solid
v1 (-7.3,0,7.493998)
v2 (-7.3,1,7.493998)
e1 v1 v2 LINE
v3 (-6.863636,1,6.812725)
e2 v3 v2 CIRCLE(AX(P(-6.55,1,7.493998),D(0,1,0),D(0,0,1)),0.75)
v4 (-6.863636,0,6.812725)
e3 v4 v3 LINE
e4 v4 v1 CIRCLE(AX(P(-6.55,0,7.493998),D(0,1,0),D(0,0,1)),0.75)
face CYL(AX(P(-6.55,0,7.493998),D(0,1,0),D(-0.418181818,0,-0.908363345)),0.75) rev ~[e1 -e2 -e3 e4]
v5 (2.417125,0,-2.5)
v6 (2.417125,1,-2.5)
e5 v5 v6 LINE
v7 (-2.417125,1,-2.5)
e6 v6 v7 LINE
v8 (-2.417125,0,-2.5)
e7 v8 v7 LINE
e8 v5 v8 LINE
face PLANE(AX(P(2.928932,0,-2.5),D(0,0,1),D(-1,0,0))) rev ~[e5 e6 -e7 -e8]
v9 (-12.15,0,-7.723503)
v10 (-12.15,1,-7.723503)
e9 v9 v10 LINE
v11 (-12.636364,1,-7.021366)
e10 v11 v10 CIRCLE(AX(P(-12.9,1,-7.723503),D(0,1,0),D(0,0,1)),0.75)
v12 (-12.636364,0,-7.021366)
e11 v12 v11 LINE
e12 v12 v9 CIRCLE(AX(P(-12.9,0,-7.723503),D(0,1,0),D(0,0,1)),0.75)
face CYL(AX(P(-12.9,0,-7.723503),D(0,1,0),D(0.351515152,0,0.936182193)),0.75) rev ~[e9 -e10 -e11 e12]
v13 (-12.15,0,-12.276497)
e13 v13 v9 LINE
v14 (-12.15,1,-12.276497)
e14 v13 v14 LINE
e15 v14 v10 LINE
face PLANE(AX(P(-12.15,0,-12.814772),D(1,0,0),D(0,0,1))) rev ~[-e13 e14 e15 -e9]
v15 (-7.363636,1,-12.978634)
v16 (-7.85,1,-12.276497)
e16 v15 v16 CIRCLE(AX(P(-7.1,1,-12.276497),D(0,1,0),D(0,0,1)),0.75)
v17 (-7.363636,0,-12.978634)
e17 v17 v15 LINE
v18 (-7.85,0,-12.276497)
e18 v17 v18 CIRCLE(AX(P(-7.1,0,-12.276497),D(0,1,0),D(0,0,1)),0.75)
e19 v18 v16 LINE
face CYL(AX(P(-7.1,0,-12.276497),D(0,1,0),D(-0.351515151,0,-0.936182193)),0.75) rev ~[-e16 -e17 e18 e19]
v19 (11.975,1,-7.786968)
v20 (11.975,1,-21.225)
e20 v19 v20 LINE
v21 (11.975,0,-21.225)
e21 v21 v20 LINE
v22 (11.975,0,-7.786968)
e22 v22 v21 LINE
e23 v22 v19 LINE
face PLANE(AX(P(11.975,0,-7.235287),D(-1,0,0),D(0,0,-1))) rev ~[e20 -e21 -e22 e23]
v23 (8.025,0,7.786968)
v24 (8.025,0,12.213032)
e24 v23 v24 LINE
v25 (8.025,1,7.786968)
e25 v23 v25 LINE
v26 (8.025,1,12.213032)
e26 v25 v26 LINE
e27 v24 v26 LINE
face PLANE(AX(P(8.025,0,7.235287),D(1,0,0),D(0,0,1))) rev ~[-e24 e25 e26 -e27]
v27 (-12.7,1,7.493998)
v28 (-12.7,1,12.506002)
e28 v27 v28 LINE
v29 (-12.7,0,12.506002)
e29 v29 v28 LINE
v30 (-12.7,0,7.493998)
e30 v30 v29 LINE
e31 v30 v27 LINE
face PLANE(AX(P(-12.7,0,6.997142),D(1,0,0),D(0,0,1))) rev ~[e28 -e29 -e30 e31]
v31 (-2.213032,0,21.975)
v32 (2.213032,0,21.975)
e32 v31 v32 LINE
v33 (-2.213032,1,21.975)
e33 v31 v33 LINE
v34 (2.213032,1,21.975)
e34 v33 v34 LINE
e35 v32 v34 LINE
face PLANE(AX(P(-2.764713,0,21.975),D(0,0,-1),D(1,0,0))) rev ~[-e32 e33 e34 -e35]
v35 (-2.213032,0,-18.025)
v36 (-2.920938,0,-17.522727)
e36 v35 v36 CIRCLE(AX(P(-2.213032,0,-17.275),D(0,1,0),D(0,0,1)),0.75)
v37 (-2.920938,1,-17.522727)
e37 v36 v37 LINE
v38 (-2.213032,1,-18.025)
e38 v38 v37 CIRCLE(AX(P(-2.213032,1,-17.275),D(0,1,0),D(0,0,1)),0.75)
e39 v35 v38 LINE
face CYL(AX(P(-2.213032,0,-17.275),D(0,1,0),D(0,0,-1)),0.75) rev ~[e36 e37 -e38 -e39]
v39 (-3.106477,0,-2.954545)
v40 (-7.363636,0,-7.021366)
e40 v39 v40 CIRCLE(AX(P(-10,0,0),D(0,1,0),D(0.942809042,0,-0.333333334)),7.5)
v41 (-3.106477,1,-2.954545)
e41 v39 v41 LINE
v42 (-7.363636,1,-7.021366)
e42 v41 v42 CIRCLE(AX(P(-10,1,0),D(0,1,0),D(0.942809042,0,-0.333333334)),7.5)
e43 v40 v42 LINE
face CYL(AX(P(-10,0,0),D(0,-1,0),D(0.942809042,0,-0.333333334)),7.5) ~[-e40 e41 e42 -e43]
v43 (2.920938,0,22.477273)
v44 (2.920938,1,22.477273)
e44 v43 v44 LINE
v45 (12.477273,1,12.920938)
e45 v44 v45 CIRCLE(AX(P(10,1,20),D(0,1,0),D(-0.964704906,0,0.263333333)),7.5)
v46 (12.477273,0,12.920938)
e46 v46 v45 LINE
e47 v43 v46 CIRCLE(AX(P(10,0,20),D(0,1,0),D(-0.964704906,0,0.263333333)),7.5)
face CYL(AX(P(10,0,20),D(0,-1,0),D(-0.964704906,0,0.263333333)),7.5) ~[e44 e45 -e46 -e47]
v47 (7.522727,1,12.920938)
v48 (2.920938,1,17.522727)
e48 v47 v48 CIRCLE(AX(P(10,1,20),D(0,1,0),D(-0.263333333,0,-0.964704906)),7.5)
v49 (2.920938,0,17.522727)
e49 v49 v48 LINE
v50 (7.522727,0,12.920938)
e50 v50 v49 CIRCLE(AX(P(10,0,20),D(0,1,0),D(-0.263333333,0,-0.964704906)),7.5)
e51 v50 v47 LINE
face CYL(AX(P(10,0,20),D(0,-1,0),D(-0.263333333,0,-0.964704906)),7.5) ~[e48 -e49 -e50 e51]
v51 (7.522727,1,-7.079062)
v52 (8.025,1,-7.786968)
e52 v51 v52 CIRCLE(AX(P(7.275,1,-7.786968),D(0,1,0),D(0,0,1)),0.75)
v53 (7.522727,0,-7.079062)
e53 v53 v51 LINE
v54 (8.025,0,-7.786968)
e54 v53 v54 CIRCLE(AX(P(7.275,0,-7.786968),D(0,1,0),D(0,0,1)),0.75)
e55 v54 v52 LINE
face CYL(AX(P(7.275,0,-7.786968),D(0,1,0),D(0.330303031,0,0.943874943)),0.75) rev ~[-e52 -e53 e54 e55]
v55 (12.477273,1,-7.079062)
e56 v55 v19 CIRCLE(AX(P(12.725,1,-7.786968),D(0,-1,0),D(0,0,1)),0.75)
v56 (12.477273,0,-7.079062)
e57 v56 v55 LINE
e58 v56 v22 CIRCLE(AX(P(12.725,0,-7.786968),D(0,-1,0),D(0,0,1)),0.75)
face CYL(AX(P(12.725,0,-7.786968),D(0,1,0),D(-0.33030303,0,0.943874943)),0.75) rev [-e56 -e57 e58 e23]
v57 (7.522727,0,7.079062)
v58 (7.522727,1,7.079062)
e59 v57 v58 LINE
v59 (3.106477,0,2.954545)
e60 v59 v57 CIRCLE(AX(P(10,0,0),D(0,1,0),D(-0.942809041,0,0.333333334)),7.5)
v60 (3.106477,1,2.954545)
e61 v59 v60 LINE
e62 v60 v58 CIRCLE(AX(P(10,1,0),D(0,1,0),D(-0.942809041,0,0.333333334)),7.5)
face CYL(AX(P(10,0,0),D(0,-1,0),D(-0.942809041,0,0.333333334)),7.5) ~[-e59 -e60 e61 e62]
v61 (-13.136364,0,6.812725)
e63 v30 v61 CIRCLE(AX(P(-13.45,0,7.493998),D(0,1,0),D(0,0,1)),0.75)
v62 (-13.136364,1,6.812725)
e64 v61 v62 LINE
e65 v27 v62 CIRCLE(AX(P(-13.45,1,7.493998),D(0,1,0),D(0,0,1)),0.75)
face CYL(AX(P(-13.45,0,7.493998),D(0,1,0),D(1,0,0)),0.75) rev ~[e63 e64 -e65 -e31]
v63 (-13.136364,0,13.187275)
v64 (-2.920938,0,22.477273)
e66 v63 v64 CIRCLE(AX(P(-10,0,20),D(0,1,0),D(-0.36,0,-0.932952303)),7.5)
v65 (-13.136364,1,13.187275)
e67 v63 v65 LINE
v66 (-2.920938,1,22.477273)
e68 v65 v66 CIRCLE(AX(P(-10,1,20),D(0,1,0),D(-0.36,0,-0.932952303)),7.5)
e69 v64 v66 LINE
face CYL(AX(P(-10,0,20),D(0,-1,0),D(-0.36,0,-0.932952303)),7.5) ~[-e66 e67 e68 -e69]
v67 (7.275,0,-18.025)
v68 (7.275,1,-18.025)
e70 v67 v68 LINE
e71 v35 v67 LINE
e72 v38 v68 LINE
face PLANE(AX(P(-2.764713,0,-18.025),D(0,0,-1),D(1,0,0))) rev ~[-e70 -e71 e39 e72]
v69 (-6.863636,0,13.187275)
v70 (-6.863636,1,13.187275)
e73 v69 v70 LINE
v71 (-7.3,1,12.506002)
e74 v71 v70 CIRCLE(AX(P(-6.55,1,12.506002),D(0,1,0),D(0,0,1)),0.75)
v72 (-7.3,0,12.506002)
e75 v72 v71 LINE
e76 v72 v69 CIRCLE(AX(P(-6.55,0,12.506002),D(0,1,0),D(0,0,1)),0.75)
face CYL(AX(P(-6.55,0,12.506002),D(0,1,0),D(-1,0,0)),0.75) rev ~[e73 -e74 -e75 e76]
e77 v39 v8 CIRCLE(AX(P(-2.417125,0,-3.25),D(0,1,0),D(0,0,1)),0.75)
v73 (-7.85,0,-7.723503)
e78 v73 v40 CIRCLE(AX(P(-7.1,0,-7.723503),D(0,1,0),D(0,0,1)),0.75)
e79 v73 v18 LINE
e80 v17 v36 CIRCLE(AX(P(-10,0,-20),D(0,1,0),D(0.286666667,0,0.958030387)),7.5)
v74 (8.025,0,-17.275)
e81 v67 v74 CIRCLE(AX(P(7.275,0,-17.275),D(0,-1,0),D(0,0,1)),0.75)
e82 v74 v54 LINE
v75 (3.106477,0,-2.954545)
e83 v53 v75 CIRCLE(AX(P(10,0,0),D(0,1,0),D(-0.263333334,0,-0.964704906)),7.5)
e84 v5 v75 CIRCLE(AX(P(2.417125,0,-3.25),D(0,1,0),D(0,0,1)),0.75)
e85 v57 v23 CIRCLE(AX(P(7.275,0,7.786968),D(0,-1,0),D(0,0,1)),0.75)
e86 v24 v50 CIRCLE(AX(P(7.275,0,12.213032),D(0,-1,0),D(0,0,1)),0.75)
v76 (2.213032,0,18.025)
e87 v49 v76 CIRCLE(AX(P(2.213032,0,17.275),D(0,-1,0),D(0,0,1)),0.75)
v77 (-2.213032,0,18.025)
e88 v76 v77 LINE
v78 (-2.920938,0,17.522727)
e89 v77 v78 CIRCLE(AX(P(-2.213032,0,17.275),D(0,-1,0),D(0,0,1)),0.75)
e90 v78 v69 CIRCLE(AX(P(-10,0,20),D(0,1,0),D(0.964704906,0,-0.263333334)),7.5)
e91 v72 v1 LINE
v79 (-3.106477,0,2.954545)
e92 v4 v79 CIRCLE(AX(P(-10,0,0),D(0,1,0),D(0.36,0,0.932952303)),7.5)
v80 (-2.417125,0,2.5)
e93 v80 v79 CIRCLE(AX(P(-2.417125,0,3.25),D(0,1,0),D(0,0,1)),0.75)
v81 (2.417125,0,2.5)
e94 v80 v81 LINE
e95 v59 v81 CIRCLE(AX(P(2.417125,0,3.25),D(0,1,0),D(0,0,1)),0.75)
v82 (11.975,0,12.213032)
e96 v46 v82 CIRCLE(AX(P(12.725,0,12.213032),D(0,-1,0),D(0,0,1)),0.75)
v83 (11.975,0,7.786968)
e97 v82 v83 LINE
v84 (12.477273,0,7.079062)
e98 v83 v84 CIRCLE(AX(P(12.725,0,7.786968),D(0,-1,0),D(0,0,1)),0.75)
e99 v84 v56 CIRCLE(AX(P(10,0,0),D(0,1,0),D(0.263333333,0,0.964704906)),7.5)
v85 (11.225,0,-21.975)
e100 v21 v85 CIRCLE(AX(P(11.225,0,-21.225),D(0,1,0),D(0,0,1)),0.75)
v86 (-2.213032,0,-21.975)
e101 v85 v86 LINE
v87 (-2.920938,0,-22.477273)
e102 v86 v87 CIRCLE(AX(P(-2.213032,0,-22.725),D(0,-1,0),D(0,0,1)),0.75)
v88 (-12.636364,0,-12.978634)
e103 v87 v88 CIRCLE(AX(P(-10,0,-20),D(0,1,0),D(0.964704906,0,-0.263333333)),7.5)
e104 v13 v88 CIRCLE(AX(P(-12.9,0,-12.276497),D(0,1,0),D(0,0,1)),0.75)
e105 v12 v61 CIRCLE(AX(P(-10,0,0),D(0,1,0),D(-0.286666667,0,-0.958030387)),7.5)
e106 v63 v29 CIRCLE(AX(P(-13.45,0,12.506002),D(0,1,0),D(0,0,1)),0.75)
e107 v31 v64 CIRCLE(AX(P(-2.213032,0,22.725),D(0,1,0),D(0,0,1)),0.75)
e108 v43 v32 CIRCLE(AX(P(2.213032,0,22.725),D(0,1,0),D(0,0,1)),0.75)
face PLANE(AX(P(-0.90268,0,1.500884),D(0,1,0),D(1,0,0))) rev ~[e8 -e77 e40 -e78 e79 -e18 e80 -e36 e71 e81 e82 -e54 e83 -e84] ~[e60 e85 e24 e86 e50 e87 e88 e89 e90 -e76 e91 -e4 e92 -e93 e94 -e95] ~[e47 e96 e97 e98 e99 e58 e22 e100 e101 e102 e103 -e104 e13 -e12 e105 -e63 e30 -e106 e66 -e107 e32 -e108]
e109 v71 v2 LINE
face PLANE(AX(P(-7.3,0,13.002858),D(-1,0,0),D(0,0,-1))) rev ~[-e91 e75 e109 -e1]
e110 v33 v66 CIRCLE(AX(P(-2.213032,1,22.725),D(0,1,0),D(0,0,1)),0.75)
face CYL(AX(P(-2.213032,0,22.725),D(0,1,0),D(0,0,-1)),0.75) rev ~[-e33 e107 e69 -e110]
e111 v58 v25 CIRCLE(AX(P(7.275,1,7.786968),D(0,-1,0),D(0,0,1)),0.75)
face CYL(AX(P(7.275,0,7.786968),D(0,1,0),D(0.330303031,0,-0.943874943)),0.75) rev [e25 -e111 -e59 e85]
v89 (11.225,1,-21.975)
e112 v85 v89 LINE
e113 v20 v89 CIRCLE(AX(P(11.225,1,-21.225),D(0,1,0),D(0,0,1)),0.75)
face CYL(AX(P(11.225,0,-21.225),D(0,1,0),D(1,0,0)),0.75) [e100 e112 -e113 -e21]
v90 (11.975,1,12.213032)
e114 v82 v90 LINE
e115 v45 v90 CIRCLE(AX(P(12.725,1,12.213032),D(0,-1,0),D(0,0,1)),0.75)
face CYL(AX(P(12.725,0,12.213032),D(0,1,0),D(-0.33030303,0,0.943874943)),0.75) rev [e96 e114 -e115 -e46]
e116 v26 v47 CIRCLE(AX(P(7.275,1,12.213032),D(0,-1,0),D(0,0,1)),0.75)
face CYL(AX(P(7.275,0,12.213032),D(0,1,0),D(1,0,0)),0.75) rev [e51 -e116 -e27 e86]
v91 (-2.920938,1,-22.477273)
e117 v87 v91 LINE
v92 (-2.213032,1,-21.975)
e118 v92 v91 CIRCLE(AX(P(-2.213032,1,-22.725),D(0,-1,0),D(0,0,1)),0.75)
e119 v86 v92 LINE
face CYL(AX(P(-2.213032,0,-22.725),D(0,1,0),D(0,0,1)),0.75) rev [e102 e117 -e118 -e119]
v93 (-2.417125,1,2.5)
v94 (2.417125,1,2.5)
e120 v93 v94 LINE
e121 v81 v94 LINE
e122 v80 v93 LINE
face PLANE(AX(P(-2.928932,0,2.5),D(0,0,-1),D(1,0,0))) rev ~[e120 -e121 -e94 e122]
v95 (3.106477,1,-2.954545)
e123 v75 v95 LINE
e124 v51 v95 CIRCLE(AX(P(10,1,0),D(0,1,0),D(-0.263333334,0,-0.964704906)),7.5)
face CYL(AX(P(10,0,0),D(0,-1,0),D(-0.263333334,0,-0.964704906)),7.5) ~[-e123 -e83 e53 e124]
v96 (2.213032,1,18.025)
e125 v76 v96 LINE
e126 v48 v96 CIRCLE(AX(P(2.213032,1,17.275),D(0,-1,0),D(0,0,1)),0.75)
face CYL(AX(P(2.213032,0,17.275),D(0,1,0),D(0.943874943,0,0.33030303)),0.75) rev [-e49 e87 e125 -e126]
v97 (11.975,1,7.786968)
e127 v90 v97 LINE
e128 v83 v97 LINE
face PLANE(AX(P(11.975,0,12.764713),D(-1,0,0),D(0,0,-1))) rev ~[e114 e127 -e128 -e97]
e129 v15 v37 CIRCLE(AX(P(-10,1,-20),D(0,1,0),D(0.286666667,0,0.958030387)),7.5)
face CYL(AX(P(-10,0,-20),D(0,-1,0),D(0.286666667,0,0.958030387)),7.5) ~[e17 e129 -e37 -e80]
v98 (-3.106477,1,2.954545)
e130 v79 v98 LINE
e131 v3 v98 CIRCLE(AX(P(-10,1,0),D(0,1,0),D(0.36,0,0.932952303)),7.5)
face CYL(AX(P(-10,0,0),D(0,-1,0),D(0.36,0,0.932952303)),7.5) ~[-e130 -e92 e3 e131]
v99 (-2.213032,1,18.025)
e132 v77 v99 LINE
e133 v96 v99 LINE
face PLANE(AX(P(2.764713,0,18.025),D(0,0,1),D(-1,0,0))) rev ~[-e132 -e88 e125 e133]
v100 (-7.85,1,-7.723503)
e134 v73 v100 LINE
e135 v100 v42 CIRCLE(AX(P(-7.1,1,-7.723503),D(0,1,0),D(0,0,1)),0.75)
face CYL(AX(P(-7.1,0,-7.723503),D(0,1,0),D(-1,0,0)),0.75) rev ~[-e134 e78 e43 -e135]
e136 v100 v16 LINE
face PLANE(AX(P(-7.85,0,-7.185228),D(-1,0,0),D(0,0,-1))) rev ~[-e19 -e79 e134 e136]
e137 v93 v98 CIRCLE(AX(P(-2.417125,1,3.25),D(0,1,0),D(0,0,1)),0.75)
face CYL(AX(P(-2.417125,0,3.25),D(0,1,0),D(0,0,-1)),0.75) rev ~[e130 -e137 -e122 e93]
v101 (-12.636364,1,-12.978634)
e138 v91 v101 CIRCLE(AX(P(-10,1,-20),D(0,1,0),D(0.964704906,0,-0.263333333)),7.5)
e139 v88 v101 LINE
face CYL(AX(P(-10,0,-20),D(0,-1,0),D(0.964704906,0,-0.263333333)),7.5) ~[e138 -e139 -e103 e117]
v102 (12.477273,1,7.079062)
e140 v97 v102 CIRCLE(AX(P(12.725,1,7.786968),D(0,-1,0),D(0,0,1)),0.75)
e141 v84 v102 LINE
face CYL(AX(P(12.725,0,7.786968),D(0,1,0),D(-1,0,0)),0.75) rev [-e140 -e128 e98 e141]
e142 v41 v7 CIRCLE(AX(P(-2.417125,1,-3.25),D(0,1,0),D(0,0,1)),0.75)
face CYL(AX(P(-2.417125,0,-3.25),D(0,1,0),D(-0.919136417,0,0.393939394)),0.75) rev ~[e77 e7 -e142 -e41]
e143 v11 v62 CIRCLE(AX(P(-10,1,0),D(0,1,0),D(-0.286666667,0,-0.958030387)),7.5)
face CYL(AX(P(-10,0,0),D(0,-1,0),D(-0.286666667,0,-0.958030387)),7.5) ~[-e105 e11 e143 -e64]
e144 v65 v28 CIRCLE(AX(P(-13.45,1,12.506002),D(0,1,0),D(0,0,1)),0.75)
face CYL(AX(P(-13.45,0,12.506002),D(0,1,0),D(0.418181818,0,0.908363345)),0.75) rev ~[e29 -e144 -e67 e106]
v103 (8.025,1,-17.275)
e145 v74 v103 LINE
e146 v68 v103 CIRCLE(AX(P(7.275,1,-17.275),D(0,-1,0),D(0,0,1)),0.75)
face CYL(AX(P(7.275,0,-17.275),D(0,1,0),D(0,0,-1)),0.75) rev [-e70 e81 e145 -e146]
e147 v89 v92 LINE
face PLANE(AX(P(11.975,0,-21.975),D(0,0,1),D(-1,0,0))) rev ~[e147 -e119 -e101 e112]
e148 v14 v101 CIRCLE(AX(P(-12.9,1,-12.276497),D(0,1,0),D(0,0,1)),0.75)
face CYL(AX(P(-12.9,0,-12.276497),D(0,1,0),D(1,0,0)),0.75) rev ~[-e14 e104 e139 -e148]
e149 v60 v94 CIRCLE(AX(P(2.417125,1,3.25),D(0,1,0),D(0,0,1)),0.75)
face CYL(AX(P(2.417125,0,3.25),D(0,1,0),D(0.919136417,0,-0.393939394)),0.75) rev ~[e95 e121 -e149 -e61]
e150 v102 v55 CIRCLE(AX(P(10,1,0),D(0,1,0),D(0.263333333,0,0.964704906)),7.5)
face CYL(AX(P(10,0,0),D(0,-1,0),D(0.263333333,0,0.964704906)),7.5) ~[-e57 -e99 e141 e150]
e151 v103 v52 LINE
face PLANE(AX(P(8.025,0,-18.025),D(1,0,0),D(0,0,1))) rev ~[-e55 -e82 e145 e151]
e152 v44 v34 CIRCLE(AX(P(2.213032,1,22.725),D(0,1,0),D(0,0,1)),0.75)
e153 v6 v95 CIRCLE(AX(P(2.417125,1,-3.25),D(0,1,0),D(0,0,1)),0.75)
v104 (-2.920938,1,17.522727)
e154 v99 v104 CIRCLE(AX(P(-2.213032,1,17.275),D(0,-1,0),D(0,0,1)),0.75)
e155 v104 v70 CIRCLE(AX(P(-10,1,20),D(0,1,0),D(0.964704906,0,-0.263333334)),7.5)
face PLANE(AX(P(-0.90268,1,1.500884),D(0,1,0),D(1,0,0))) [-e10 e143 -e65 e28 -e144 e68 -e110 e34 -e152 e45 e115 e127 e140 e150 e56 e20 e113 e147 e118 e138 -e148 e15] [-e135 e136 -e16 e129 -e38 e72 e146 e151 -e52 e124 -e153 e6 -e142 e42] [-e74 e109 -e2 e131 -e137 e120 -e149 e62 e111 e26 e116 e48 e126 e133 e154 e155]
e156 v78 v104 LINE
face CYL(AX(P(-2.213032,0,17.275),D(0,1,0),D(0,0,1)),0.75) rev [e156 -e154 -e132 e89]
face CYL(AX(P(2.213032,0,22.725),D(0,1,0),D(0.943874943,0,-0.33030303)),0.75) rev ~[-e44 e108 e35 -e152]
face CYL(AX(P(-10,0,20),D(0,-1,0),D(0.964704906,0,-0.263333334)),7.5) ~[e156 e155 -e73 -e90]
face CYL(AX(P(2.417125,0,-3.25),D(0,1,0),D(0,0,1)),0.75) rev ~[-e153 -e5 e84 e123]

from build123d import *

# Parameters (mm, degrees)
BOSS_EXTRUDE1_DEPTH = 1
FILLET1_R           = 0.75


with BuildPart() as part:
    # Sketch1 → Boss-Extrude1 (new body)
    with BuildSketch(Plane(origin=(0, 0, 0), x_dir=(1, 0, 0), z_dir=(0, 1, 0))):
        with BuildLine():
            ThreePointArc((2.764713205, -21.975), (15.303300859, -25.303300859), (11.975, -12.764713205))
            Line((11.975, -12.764713205), (11.975, -7.235286795))
            ThreePointArc((11.975, -7.235286795), (17.5, 0), (11.975, 7.235286795))
            Line((11.975, 7.235286795), (11.975, 21.975))
            Line((11.975, 21.975), (-2.764713205, 21.975))
            ThreePointArc((-2.764713205, 21.975), (-15.238556982, 25.367263805), (-12.15, 12.814772098))
            Line((-12.15, 12.814772098), (-12.15, 7.185227902))
            ThreePointArc((-12.15, 7.185227902), (-17.494366614, 0.290635598), (-12.7, -6.997142274))
            Line((-12.7, -6.997142274), (-12.7, -13.002857726))
            ThreePointArc((-12.7, -13.002857726), (-15.02663315, -25.566233841), (-2.764713205, -21.975))
            Line((-2.764713205, -21.975), (2.764713205, -21.975))
        make_face()
        with BuildLine():
            Line((8.025, -7.235286795), (8.025, -12.764713205))
            ThreePointArc((8.025, -12.764713205), (4.696699141, -14.696699141), (2.764713205, -18.025))
            Line((2.764713205, -18.025), (-2.764713205, -18.025))
            ThreePointArc((-2.764713205, -18.025), (-4.433766159, -14.97336685), (-7.3, -13.002857726))
            Line((-7.3, -13.002857726), (-7.3, -6.997142274))
            ThreePointArc((-7.3, -6.997142274), (-4.621848486, -5.22737853), (-2.928932188, -2.5))
            Line((-2.928932188, -2.5), (2.928932188, -2.5))
            ThreePointArc((2.928932188, -2.5), (4.894750646, -5.494217781), (8.025, -7.235286795))
        make_face(mode=Mode.SUBTRACT)
        with BuildLine():
            Line((8.025, 18.025), (8.025, 7.235286795))
            ThreePointArc((8.025, 7.235286795), (4.894750646, 5.494217781), (2.928932188, 2.5))
            Line((2.928932188, 2.5), (-2.928932188, 2.5))
            ThreePointArc((-2.928932188, 2.5), (-4.828456418, 5.431863122), (-7.85, 7.185227902))
            Line((-7.85, 7.185227902), (-7.85, 12.814772098))
            ThreePointArc((-7.85, 12.814772098), (-4.632736195, 14.761443018), (-2.764713205, 18.025))
            Line((-2.764713205, 18.025), (8.025, 18.025))
        make_face(mode=Mode.SUBTRACT)
    extrude(amount=BOSS_EXTRUDE1_DEPTH)

    # Fillet1
    fillet1_edges = [part.edges().sort_by_distance(p)[0] for p in [
        (2.764713205, 0.5, 18.025),
        (-2.764713205, 0.5, 18.025),
        (-2.764713205, 0.5, 21.975),
        (2.764713205, 0.5, 21.975),
        (11.975, 0.5, 12.764713205),
        (11.975, 0.5, 7.235286795),
        (8.025, 0.5, 7.235286795),
        (8.025, 0.5, 12.764713205),
        (-2.928932188, 0.5, 2.5),
        (2.928932188, 0.5, 2.5),
        (2.928932188, 0.5, -2.5),
        (-2.928932188, 0.5, -2.5),
        (11.975, 0.5, -7.235286795),
        (11.975, 0.5, -21.975),
        (-2.764713205, 0.5, -21.975),
        (-2.764713205, 0.5, -18.025),
        (8.025, 0.5, -18.025),
        (8.025, 0.5, -7.235286795),
        (-12.15, 0.5, -12.814772098),
        (-12.15, 0.5, -7.185227902),
        (-7.85, 0.5, -7.185227902),
        (-7.85, 0.5, -12.814772098),
        (-12.7, 0.5, 13.002857726),
        (-12.7, 0.5, 6.997142274),
        (-7.3, 0.5, 6.997142274),
        (-7.3, 0.5, 13.002857726),
    ]]
    fillet(fillet1_edges, radius=FILLET1_R)


solid = part.part
